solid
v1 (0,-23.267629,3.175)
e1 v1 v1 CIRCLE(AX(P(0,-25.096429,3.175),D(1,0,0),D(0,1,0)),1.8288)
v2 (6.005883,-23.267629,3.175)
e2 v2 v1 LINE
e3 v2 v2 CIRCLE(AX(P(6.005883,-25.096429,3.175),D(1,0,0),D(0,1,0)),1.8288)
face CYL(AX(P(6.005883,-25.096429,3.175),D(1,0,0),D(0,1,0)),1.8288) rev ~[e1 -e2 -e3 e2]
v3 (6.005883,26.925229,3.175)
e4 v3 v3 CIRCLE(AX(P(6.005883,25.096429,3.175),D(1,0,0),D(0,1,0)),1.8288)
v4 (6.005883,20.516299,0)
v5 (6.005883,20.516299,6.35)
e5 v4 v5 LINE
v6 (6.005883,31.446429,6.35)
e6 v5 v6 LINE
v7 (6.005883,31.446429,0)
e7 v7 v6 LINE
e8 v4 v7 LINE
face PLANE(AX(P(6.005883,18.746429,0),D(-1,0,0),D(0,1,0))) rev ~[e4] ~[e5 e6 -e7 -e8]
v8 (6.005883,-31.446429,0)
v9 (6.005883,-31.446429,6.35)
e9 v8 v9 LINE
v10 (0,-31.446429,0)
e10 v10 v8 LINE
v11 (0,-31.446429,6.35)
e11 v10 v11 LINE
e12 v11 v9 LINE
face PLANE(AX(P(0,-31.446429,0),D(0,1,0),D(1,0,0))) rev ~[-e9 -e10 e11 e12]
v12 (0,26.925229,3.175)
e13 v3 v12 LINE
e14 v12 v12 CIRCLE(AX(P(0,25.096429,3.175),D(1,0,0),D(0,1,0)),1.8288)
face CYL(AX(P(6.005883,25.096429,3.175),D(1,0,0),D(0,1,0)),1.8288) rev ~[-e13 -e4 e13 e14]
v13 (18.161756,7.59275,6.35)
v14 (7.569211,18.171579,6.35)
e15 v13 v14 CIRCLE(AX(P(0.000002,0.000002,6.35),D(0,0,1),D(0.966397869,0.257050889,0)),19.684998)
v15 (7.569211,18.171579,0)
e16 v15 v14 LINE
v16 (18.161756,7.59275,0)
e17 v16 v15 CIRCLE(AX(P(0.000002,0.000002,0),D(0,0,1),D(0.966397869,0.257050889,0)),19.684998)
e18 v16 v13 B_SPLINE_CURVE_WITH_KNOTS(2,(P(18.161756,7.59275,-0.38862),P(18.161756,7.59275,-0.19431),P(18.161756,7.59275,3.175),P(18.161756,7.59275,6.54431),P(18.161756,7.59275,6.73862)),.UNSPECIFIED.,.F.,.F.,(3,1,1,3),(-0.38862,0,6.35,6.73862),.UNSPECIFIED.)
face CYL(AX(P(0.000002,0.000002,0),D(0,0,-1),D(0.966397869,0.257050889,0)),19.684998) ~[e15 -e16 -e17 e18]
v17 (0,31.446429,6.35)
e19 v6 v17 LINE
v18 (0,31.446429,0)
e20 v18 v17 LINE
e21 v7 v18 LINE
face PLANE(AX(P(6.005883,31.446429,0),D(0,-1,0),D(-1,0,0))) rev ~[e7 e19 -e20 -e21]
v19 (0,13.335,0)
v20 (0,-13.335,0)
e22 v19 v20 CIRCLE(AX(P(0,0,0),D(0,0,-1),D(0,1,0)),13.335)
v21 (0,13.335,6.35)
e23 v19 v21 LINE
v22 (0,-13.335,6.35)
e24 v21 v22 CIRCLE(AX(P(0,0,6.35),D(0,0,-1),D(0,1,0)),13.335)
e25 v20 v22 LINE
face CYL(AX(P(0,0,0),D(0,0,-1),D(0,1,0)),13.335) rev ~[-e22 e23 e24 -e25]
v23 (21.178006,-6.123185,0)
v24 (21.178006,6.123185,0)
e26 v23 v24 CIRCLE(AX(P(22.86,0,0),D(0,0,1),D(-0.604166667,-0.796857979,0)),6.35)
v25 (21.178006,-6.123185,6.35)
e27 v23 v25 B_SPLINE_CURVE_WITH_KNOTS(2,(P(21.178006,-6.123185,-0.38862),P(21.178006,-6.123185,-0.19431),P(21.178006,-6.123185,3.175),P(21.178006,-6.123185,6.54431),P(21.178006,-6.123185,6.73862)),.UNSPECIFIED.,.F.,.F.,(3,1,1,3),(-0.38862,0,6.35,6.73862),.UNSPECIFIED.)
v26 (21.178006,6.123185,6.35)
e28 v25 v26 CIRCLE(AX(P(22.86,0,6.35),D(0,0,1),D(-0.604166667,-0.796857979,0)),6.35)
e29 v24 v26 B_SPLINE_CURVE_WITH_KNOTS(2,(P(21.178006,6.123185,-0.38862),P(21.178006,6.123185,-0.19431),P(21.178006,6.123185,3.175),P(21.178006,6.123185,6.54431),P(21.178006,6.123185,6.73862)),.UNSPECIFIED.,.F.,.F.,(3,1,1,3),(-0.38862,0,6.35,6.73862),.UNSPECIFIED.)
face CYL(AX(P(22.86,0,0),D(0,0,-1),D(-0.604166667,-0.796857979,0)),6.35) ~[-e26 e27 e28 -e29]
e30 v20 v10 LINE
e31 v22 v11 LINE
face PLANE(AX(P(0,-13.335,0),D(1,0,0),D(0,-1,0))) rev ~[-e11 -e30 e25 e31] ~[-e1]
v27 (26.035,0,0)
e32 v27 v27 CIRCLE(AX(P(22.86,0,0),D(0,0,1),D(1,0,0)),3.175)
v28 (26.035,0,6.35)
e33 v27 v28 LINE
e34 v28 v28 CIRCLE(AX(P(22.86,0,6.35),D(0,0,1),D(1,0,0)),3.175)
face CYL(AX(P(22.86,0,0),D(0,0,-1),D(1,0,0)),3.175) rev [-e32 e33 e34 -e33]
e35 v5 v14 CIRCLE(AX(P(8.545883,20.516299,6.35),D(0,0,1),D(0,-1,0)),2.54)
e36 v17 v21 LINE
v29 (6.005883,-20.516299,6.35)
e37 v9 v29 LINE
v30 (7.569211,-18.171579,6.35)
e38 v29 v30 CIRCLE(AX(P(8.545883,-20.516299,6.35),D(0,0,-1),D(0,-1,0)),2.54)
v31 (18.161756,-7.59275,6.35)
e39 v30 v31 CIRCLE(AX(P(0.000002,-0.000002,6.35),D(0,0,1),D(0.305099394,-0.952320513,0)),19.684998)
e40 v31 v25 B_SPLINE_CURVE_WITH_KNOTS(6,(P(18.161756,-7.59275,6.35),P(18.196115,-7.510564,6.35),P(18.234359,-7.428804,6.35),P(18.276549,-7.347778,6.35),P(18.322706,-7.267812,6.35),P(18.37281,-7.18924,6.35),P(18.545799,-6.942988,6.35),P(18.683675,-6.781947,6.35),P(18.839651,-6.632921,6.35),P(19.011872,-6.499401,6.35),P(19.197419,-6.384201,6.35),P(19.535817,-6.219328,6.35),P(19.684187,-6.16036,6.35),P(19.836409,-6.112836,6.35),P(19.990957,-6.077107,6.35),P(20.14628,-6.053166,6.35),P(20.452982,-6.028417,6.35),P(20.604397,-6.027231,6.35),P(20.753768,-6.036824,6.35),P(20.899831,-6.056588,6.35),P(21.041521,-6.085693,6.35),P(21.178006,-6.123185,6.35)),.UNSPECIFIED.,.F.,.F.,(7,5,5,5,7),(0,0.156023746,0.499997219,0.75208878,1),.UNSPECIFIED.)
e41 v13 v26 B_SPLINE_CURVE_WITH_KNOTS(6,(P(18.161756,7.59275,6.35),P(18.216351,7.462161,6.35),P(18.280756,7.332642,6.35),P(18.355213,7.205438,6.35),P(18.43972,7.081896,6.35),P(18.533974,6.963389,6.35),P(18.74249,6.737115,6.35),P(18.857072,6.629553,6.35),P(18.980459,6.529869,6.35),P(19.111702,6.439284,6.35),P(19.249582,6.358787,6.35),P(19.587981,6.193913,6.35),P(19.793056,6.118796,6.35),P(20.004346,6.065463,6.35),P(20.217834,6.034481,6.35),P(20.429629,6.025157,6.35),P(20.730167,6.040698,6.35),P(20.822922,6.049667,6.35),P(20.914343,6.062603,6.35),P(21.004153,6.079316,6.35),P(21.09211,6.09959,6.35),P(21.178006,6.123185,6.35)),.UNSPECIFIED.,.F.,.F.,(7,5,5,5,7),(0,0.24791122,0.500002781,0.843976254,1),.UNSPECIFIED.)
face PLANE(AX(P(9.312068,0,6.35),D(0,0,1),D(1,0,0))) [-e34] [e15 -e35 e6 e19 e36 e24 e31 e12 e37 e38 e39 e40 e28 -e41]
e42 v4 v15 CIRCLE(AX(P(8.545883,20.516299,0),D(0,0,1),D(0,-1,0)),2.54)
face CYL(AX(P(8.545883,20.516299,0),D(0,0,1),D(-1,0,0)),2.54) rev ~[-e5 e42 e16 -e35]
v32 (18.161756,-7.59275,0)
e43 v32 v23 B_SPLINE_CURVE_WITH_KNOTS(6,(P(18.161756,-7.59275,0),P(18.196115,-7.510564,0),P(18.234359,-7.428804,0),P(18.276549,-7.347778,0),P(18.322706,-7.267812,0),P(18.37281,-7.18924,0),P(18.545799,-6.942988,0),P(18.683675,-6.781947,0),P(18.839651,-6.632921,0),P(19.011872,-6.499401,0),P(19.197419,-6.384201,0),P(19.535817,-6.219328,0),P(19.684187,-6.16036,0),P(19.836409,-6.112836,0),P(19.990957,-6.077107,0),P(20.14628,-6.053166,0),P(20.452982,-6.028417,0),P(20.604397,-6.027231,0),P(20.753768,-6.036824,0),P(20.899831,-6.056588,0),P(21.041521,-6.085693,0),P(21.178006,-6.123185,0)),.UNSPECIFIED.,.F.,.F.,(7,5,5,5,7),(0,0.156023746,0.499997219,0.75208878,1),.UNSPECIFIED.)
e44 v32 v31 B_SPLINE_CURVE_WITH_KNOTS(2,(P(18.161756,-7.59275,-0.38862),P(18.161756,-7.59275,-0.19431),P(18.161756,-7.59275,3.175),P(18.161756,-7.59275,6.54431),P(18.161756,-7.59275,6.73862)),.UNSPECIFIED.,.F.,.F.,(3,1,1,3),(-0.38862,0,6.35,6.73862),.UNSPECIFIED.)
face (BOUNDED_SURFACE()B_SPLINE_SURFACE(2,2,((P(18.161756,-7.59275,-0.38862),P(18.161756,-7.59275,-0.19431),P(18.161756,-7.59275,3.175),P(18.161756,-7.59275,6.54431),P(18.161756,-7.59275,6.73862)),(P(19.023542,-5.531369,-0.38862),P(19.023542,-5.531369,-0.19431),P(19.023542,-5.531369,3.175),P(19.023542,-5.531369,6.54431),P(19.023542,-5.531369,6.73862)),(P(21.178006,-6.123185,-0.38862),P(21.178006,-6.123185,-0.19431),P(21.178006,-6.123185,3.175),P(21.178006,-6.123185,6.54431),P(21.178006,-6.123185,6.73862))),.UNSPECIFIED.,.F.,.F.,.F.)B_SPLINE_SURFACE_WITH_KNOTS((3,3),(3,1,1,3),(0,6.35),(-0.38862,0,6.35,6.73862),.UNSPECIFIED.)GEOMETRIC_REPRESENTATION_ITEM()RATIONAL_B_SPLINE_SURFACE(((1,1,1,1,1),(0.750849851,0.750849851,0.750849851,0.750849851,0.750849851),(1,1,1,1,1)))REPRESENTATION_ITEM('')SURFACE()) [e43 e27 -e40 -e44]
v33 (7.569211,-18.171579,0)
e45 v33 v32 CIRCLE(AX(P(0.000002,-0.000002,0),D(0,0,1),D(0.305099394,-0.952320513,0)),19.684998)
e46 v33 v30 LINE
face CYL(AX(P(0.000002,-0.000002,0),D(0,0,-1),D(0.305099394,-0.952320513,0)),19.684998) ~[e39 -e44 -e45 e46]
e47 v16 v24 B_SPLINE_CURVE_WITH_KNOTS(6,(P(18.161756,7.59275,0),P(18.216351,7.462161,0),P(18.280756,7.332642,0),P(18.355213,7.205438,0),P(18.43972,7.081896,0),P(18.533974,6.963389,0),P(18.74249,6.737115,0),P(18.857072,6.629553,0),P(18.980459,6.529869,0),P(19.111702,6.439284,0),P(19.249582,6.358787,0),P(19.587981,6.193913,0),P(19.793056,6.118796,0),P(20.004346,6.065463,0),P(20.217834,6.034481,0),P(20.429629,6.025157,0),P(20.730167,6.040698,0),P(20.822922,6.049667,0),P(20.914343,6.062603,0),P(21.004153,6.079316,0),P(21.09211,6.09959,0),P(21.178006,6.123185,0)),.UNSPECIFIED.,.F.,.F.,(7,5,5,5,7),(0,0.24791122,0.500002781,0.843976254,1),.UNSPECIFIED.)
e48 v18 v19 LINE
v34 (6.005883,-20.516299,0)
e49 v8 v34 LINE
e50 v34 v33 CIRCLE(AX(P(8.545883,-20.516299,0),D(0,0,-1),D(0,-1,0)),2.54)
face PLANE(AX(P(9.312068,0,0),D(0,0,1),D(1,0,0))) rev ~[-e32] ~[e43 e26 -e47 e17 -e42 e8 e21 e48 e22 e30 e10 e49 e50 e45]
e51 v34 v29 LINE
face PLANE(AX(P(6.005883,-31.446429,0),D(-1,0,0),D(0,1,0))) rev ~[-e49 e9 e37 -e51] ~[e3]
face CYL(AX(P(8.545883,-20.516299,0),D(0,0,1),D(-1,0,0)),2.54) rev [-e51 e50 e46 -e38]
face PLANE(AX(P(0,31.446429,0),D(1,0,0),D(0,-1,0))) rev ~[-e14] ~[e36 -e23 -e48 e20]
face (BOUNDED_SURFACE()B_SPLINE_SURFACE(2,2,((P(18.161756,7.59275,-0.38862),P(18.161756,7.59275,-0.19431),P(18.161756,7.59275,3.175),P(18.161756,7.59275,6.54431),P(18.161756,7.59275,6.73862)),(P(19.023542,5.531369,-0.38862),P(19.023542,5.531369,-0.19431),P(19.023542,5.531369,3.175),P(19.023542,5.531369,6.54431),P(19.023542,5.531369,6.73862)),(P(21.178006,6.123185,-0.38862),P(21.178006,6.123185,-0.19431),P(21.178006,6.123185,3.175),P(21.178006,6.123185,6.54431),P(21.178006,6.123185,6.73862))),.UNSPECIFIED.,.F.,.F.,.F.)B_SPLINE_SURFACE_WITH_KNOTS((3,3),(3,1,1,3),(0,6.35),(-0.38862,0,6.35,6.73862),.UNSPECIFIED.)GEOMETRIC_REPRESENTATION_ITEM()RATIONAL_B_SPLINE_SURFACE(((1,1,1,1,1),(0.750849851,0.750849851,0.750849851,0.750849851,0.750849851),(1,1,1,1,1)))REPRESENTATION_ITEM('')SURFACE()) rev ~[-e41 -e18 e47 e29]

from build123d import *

# Parameters (mm, degrees)
F0_R     = 3.175
F1_DEPTH = 6.35
F2_R     = 1.8288
F3_R     = 1.8288
F4_DEPTH = 6.005883
F5_R     = 2.54


with BuildPart() as f1:
    # F0 (on Top) → F1 (new body)
    with BuildSketch(Plane.XY):
        with BuildLine():
            ThreePointArc((0, 13.335), (13.335, 0), (0, -13.335))
            Line((0, -13.335), (0, -31.446429))
            Line((0, -31.446429), (6.005883, -31.446429))
            Line((6.005883, -31.446429), (6.005883, -18.746429))
            ThreePointArc((6.005883, -18.746429), (14.263495, -13.566575), (19.023542, -5.060048))
            ThreePointArc((19.023542, -5.060048), (29.21, 0), (19.023542, 5.060048))
            ThreePointArc((19.023542, 5.060048), (14.263495, 13.566575), (6.005883, 18.746429))
            Line((6.005883, 18.746429), (6.005883, 31.446429))
            Line((6.005883, 31.446429), (0, 31.446429))
            Line((0, 31.446429), (0, 13.335))
        make_face()
        with Locations((22.86, 0)):
            Circle(F0_R, mode=Mode.SUBTRACT)
    extrude(amount=F1_DEPTH)

    # F2 (on face) + F3 (on face) → F4 (cut, through all)
    with BuildSketch(Plane.YZ.offset(6.005883)):
        with Locations((-25.096429, 3.175)):
            Circle(F2_R)
    with BuildSketch(Plane.YZ.offset(6.005883)):
        with Locations((25.096429, 3.175)):
            Circle(F3_R)
    extrude(amount=-F4_DEPTH, mode=Mode.SUBTRACT)

    # F5
    f5_edges = [f1.edges().sort_by_distance(p)[0] for p in [
        (19.023542, 5.060048, 3.175),
        (19.023542, -5.060048, 3.175),
        (6.005883, -18.746429, 3.175),
        (6.005883, 18.746429, 3.175),
    ]]
    fillet(f5_edges, radius=F5_R)


solid = f1.part
